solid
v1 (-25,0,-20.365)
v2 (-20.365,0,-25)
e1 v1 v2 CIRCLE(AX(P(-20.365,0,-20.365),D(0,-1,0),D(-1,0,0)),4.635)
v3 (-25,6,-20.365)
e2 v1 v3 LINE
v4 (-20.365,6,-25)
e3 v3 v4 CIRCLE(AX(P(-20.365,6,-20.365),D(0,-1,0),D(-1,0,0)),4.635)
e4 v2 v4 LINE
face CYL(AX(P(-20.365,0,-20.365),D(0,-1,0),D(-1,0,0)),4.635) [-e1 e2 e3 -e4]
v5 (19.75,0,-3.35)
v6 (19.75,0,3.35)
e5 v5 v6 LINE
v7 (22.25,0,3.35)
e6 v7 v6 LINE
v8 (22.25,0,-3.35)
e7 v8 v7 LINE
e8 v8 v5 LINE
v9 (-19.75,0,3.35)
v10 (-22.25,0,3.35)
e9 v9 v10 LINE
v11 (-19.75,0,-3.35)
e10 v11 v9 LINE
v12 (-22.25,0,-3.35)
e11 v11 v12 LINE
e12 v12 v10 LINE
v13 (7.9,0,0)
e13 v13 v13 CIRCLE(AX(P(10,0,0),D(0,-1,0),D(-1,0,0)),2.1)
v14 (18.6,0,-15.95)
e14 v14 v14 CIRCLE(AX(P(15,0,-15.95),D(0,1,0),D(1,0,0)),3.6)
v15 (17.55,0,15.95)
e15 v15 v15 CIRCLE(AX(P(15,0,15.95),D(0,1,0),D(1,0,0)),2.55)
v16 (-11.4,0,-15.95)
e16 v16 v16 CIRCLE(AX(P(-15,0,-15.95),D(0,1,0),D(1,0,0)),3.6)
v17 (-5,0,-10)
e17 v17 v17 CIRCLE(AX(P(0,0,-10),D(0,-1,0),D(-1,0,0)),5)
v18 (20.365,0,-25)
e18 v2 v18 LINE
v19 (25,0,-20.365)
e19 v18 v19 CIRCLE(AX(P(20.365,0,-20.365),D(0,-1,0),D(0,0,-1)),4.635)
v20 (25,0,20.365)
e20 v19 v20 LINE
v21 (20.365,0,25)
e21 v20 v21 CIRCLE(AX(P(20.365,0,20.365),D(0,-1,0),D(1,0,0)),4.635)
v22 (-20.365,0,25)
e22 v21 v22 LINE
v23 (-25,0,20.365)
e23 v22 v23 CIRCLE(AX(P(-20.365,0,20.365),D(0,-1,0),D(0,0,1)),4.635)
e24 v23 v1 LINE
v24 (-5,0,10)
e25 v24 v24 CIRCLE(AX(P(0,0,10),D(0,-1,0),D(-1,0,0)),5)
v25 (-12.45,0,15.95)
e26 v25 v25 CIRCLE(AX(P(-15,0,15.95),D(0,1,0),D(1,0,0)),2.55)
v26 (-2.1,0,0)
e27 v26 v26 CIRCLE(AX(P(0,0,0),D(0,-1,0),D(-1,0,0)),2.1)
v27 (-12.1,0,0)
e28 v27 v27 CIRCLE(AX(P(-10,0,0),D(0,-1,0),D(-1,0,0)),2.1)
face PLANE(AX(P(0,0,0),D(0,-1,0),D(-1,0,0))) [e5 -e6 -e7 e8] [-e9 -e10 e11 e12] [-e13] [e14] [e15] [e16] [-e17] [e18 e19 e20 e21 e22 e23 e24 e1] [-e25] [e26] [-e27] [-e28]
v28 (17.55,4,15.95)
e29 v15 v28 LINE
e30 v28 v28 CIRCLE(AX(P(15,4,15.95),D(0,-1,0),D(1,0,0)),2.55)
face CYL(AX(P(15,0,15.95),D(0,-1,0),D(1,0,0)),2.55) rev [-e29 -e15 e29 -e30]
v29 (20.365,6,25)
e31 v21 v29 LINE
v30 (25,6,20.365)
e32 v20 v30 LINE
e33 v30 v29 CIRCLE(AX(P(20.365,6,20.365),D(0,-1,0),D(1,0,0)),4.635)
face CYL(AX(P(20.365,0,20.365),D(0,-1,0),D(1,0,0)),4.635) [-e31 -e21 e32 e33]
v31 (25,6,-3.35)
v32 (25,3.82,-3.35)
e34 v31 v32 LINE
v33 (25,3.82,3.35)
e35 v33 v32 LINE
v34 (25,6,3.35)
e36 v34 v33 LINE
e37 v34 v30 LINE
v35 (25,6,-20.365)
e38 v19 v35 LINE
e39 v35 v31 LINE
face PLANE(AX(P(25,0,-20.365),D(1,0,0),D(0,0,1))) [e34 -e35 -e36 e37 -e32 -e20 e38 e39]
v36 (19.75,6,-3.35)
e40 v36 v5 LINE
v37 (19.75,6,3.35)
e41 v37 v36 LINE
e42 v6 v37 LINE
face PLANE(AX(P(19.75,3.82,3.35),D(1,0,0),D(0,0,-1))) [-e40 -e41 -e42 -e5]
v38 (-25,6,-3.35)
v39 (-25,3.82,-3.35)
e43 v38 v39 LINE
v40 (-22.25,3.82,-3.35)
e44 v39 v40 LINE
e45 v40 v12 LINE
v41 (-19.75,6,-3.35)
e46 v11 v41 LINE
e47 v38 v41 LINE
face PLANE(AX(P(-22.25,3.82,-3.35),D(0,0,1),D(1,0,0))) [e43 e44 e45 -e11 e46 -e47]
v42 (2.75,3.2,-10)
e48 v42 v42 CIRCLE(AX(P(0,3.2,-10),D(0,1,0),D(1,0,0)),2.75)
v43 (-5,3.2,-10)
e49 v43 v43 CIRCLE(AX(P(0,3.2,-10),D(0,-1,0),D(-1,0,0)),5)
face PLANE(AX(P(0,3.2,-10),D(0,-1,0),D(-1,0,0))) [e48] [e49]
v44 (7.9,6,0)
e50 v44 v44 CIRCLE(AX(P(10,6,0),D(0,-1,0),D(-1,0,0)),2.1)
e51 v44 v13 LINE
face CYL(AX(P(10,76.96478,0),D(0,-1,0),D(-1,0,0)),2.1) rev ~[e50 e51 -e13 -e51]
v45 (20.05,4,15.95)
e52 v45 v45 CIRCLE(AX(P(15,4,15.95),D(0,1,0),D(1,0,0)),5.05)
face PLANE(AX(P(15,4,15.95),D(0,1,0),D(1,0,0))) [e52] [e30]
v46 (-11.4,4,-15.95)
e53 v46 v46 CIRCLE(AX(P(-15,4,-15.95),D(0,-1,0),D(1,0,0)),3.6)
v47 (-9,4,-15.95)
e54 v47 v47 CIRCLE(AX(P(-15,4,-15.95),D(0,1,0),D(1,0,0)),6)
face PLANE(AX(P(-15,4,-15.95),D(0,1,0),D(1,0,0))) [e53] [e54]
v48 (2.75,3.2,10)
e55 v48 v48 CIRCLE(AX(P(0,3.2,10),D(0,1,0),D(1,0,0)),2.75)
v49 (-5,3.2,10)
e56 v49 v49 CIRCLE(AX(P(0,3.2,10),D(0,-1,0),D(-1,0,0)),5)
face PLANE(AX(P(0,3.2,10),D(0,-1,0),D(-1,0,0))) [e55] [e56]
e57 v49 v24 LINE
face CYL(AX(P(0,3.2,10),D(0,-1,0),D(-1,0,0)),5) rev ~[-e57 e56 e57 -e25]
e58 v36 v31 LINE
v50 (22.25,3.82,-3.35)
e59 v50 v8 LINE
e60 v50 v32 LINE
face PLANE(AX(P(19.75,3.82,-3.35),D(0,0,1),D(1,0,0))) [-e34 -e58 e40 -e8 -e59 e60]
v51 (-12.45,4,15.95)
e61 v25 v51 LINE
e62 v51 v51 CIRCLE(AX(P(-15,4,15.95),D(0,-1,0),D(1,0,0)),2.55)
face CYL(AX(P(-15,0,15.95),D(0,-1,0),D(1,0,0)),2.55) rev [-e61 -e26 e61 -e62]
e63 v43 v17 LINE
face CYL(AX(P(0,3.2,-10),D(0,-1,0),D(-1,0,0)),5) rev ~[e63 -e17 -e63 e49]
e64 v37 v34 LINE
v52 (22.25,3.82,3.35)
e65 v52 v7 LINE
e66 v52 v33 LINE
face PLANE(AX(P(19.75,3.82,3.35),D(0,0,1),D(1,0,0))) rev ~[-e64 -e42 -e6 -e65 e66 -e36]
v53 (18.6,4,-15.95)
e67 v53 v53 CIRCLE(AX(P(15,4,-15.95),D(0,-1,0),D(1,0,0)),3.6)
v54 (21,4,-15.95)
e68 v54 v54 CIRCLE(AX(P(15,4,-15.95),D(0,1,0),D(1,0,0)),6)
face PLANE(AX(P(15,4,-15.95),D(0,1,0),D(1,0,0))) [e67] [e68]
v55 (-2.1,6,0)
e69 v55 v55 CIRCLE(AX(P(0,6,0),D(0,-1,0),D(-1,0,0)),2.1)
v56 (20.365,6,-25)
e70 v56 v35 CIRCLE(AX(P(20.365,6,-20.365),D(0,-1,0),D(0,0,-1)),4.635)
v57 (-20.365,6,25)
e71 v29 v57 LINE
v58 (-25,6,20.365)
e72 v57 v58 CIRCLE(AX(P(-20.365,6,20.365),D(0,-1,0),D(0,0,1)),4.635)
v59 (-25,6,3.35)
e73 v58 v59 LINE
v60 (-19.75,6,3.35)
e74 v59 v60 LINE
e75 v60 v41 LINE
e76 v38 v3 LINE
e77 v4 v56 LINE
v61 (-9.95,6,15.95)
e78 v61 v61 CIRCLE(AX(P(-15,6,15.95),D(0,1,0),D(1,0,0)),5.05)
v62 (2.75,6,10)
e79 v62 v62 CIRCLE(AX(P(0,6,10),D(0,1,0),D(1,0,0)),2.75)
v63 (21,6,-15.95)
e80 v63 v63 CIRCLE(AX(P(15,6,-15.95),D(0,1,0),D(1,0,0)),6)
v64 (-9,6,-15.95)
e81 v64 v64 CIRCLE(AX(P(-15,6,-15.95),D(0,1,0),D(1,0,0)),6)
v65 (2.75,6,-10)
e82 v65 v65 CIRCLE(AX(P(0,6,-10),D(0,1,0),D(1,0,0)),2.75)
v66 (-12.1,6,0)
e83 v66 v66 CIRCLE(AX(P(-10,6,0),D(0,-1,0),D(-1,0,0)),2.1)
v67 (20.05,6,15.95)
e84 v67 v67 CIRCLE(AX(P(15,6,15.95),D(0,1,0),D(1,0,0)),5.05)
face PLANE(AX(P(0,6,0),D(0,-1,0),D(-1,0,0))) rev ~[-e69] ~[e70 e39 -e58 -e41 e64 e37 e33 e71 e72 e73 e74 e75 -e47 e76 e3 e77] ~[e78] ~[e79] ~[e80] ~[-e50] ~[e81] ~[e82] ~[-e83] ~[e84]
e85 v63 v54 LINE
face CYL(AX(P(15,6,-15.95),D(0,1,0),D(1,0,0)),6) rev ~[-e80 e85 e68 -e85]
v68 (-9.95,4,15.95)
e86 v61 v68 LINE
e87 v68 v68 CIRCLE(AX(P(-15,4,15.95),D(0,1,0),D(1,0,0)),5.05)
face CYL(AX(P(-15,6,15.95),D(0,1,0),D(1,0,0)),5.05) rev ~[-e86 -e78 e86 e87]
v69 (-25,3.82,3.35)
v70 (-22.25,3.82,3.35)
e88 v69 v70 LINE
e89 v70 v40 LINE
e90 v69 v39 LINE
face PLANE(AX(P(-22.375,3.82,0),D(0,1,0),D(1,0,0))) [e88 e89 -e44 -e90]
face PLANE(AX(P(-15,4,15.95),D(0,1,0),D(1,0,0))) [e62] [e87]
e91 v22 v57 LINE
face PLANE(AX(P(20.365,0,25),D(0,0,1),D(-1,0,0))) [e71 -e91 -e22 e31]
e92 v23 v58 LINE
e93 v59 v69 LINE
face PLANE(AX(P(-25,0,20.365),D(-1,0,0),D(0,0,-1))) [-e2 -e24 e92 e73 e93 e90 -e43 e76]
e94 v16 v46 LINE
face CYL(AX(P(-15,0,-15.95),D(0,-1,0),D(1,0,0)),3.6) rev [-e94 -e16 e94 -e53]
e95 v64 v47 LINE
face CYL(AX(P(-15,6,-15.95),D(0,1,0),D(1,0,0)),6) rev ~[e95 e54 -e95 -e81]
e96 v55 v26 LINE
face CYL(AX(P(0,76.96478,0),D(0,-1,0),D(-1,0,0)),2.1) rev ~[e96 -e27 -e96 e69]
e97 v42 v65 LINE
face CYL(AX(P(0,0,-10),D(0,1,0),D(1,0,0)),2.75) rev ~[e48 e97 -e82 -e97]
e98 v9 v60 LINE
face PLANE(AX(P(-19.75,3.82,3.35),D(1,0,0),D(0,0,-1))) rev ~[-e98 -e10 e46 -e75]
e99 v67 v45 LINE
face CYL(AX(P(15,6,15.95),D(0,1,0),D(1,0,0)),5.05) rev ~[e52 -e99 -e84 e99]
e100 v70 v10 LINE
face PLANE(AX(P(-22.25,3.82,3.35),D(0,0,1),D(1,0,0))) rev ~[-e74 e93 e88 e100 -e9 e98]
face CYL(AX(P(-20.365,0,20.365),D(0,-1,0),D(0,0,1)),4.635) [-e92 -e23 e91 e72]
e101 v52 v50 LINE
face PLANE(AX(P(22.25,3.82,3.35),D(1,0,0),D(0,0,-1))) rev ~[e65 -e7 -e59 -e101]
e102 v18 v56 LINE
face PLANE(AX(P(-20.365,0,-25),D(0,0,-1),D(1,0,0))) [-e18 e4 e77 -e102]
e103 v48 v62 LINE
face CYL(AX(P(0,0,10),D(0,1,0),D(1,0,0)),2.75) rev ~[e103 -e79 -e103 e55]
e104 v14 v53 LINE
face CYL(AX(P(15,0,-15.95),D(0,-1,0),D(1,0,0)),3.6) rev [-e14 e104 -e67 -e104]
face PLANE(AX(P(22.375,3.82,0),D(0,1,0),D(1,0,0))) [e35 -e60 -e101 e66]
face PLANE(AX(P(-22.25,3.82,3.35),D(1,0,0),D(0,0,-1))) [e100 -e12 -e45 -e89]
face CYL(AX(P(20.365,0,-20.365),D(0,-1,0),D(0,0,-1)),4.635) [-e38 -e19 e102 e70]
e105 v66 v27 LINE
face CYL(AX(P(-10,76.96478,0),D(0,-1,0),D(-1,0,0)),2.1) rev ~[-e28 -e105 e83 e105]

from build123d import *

# Parameters (mm, degrees)
SKETCH1_R                      = 3.6
SKETCH1_R_2                    = 2.55
BOSS_EXTRUDE1_DEPTH            = 6
M5X0_8_TAPPED_HOLE1_D          = 4.2
SKETCH2_R                      = 6
SKETCH2_R_2                    = 5.05
CUT_EXTRUDE1_DEPTH             = 2
SKETCH5_W                      = 5.25
SKETCH5_H                      = 6.7
CUT_EXTRUDE2_DEPTH             = 2.18
SKETCH6_W                      = 2.5
SKETCH6_H                      = 6.7
CUT_EXTRUDE3_DEPTH             = 4.82
CBORE_FOR_M5_SHCS1_D           = 5.5
CBORE_FOR_M5_SHCS1_CBORE_D     = 10
CBORE_FOR_M5_SHCS1_CBORE_DEPTH = 3.2


with BuildPart() as part:
    # Sketch1 → Boss-Extrude1 (new body)
    with BuildSketch(Plane(origin=(0, 0, 0), x_dir=(1, 0, 0), z_dir=(0, 1, 0))):
        with BuildLine():
            Line((20.365, -25), (-20.365, -25))
            ThreePointArc((-20.365, -25), (-23.642439931, -23.642439931), (-25, -20.365))
            Line((-25, -20.365), (-25, 20.365))
            ThreePointArc((-25, 20.365), (-23.642439931, 23.642439931), (-20.365, 25))
            Line((-20.365, 25), (20.365, 25))
            ThreePointArc((20.365, 25), (23.642439931, 23.642439931), (25, 20.365))
            Line((25, 20.365), (25, -20.365))
            ThreePointArc((25, -20.365), (23.642439931, -23.642439931), (20.365, -25))
        make_face()
        with Locations((-15, 15.95)):
            Circle(SKETCH1_R, mode=Mode.SUBTRACT)
        with Locations((15, 15.95)):
            Circle(SKETCH1_R, mode=Mode.SUBTRACT)
        with Locations((15, -15.95)):
            Circle(SKETCH1_R_2, mode=Mode.SUBTRACT)
        with Locations((-15, -15.95)):
            Circle(SKETCH1_R_2, mode=Mode.SUBTRACT)
    extrude(amount=BOSS_EXTRUDE1_DEPTH)

    # M5x0.8 Tapped Hole1 (through all)
    with Locations(Plane(origin=(0, 6, 0), x_dir=(1, 0, 0), z_dir=(0, 1, 0))):
        with Locations((0, 10), (-10, 0), (0, 0), (0, -10), (10, 0)):
            Hole(M5X0_8_TAPPED_HOLE1_D / 2)

    # Sketch2 → Cut-Extrude1 (cut)
    with BuildSketch(Plane(origin=(0, 6, 0), x_dir=(1, 0, 0), z_dir=(0, 1, 0))):
        with Locations((-15, 15.95)):
            Circle(SKETCH2_R)
        with Locations((15, 15.95)):
            Circle(SKETCH2_R)
        with Locations((15, -15.95)):
            Circle(SKETCH2_R_2)
        with Locations((-15, -15.95)):
            Circle(SKETCH2_R_2)
    extrude(amount=-CUT_EXTRUDE1_DEPTH, mode=Mode.SUBTRACT)

    # Sketch5 → Cut-Extrude2 (cut)
    with BuildSketch(Plane(origin=(0, 6, 0), x_dir=(1, 0, 0), z_dir=(0, 1, 0))):
        with Locations((-22.375, 0)):
            Rectangle(SKETCH5_W, SKETCH5_H)
        with Locations((22.375, 0)):
            Rectangle(SKETCH5_W, SKETCH5_H)
    extrude(amount=-CUT_EXTRUDE2_DEPTH, mode=Mode.SUBTRACT)

    # Sketch6 → Cut-Extrude3 (cut, through all)
    with BuildSketch(Plane(origin=(0, 3.82, 0), x_dir=(1, 0, 0), z_dir=(0, 1, 0))):
        with Locations((-21, 0)):
            Rectangle(SKETCH6_W, SKETCH6_H)
        with Locations((21, 0)):
            Rectangle(SKETCH6_W, SKETCH6_H)
    extrude(amount=-CUT_EXTRUDE3_DEPTH, mode=Mode.SUBTRACT)

    # CBORE for M5 SHCS1 (through all)
    with Locations(Plane(origin=(0, 0, 0), x_dir=(-1, 0, 0), z_dir=(0, -1, 0))):
        with Locations((0, 10), (0, -10)):
            CounterBoreHole(CBORE_FOR_M5_SHCS1_D / 2, CBORE_FOR_M5_SHCS1_CBORE_D / 2, CBORE_FOR_M5_SHCS1_CBORE_DEPTH)


solid = part.part
